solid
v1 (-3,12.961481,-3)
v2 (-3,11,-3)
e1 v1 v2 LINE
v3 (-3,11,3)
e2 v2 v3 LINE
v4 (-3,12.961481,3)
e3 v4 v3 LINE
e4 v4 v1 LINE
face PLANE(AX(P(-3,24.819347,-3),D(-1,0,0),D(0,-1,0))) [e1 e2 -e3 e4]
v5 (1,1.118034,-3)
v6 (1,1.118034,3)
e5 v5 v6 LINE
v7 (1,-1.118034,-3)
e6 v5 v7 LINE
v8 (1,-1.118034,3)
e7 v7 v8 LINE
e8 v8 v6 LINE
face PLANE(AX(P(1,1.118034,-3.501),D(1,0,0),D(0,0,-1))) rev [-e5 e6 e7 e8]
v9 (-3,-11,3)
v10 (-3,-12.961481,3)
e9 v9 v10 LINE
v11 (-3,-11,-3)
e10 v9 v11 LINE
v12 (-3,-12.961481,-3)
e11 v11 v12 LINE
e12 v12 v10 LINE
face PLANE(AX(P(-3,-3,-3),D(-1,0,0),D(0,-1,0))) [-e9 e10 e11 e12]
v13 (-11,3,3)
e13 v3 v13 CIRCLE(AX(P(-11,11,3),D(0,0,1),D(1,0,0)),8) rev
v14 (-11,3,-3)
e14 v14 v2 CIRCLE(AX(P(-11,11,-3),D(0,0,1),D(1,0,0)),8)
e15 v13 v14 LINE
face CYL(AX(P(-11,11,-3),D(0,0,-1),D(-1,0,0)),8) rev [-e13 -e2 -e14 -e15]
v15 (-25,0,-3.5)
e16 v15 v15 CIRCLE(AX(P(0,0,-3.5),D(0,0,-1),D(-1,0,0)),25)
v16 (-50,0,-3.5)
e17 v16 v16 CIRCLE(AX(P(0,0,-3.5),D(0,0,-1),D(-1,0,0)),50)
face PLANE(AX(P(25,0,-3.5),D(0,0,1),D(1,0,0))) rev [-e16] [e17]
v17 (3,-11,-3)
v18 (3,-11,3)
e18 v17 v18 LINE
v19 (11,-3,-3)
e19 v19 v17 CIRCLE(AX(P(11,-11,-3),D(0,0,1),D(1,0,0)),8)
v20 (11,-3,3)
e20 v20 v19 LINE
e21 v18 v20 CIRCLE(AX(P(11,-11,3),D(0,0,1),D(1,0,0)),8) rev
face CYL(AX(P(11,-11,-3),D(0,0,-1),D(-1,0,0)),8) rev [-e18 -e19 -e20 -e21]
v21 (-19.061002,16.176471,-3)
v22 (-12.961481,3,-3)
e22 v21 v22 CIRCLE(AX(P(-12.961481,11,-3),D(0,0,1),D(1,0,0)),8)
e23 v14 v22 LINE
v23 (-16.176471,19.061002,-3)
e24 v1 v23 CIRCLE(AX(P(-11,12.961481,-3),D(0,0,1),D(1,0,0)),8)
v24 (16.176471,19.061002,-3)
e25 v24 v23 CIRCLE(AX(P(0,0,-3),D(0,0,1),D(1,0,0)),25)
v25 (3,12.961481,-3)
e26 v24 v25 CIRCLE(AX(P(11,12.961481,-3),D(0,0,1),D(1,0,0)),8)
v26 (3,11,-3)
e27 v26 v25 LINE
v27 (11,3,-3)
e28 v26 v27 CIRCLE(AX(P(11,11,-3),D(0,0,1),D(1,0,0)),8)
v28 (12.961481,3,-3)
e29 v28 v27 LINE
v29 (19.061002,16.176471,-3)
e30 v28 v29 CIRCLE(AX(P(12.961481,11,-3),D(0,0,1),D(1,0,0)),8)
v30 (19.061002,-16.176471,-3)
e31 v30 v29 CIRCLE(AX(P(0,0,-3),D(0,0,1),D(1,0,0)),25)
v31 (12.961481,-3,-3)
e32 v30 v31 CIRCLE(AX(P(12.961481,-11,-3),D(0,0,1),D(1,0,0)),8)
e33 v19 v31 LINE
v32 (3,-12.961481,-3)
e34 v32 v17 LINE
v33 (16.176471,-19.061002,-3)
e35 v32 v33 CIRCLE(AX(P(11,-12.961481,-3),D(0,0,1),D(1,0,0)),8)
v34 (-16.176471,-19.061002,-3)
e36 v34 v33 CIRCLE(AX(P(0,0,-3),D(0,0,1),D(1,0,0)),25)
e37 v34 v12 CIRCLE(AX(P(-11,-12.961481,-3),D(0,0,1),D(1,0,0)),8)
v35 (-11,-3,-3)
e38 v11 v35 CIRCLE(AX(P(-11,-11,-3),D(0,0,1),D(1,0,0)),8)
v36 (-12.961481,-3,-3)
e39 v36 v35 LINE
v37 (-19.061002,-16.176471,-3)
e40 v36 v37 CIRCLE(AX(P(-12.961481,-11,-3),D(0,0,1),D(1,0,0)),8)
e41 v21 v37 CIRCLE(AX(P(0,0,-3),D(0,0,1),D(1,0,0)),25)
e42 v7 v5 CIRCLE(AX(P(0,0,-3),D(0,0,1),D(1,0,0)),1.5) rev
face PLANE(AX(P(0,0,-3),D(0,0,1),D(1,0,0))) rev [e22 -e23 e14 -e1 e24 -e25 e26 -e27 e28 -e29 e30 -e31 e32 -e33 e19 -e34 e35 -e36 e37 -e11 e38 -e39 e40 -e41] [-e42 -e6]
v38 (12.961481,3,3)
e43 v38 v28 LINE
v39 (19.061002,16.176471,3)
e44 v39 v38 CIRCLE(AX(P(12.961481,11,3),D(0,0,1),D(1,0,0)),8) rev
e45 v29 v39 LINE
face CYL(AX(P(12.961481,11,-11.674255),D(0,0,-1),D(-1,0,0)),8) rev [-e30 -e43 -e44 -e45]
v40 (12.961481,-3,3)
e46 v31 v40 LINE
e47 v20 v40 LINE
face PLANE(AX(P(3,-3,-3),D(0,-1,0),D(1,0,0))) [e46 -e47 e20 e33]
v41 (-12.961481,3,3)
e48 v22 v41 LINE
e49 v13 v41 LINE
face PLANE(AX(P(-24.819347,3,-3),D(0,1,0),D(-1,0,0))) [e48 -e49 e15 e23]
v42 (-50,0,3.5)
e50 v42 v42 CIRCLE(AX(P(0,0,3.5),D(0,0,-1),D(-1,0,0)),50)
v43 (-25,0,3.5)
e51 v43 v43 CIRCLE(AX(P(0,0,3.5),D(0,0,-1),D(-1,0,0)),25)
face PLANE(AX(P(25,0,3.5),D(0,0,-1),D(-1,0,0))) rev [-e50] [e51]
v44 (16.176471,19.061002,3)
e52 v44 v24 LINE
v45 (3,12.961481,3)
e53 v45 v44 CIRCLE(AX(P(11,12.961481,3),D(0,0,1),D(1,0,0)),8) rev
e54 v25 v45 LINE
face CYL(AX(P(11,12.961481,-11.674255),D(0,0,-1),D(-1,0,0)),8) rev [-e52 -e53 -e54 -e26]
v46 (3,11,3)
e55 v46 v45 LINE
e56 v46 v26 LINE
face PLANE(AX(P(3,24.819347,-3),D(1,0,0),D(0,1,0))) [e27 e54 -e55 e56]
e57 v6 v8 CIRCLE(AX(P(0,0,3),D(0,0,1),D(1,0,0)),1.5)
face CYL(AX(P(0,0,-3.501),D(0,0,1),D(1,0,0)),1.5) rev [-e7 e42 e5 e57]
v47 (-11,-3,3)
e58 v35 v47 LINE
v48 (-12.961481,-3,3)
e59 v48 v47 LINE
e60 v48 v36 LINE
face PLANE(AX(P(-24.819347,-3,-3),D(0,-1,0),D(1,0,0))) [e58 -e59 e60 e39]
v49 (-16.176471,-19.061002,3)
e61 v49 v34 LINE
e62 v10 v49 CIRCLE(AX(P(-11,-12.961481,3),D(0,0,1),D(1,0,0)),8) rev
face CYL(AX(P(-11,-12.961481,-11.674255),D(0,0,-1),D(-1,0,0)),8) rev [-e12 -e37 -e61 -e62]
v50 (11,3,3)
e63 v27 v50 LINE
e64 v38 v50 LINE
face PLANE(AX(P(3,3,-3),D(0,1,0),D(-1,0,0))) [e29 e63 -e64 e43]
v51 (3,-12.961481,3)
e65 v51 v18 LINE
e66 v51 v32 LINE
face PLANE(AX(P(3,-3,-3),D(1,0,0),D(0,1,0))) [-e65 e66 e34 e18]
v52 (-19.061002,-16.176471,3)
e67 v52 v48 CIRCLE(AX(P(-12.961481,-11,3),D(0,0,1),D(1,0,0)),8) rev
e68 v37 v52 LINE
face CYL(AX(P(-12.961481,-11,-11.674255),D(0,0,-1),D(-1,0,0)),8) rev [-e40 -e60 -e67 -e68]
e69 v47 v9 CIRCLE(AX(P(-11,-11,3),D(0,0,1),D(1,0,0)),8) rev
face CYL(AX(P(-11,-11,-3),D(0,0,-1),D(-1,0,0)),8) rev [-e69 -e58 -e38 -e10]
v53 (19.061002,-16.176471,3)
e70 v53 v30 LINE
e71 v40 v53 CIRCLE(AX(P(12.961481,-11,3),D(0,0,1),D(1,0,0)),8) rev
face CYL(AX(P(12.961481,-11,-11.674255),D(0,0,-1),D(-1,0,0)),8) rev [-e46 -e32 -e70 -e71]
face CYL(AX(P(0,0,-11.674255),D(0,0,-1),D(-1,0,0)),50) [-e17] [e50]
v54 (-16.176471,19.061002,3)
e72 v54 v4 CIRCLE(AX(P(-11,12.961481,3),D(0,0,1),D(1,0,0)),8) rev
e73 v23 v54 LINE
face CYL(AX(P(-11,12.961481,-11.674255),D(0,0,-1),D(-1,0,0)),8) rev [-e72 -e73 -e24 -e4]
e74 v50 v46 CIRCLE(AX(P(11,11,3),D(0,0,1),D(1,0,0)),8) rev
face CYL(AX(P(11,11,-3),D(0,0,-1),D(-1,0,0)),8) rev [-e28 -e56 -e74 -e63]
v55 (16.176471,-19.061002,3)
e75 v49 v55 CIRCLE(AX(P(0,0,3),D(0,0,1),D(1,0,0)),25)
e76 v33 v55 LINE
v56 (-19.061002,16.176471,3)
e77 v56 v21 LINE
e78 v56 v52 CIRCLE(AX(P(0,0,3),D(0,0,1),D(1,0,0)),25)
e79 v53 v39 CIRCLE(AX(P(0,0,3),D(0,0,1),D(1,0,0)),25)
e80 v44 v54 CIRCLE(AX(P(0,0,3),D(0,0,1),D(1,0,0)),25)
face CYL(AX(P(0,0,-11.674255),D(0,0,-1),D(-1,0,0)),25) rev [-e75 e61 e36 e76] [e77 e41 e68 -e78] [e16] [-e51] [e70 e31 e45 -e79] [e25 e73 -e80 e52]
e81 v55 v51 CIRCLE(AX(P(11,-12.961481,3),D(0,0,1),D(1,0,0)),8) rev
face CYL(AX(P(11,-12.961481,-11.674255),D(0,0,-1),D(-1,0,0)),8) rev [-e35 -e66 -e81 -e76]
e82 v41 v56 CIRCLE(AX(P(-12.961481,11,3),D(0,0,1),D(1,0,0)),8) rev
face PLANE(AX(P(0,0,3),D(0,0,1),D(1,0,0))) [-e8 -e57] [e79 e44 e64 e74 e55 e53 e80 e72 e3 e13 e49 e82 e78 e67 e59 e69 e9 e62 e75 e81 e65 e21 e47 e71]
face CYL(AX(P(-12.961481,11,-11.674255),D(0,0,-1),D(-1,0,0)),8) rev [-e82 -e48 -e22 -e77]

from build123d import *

# Parameters (mm, degrees)
SKETCH4_W                = 25
SKETCH4_H                = 7
BOSS_EXTRUDE3_DEPTH      = 3
BOSS_EXTRUDE3_DEPTH_BACK = 3
FILLET2_R                = 8
CUT_EXTRUDE1_REACH       = 73.009


with BuildPart() as part:
    # Sketch4 → Revolve2 (revolve)
    with BuildSketch(Plane(origin=(0, 0, 0), x_dir=(1, 0, 0), z_dir=(0, 1, 0)), mode=Mode.PRIVATE) as revolve2_sk:
        with Locations((37.5, 0)):
            Rectangle(SKETCH4_W, SKETCH4_H)
    revolve(revolve2_sk.sketch.rotate(Axis((0, 0, -11.674254949), (0, 0, 1)), 180), axis=Axis((0, 0, -11.674254949), (0, 0, 1)))

    # Sketch5 → Boss-Extrude3 (add, two sides: drawn at the far end of the back side and taken through both)
    with BuildSketch(Plane.XY.offset(-BOSS_EXTRUDE3_DEPTH_BACK)):
        with BuildLine():
            Line((-3, 24.819347292), (-3, 3))
            Line((-3, 3), (-24.819347292, 3))
            ThreePointArc((-24.819347292, 3), (-25, 0), (-24.819347292, -3))
            Line((-24.819347292, -3), (-3, -3))
            Line((-3, -3), (-3, -24.819347292))
            ThreePointArc((-3, -24.819347292), (0, -25), (3, -24.819347292))
            Line((3, -24.819347292), (3, -3))
            Line((3, -3), (24.819347292, -3))
            ThreePointArc((24.819347292, -3), (25, 0), (24.819347292, 3))
            Line((24.819347292, 3), (3, 3))
            Line((3, 3), (3, 24.819347292))
            ThreePointArc((3, 24.819347292), (0, 25), (-3, 24.819347292))
        make_face()
    extrude(amount=BOSS_EXTRUDE3_DEPTH + BOSS_EXTRUDE3_DEPTH_BACK)

    # Fillet2
    fillet2_edges = [part.edges().sort_by_distance(p)[0] for p in [
        (-3, 24.819347292, 0),
        (3, 24.819347292, 0),
        (3, 3, 0),
        (24.819347292, 3, 0),
        (24.819347292, -3, 0),
        (3, -3, 0),
        (3, -24.819347292, 0),
        (-3, -24.819347292, 0),
        (-3, -3, 0),
        (-24.819347292, -3, 0),
        (-24.819347292, 3, 0),
        (-3, 3, 0),
    ]]
    fillet(fillet2_edges, radius=FILLET2_R)

    # Sketch6 → Cut-Extrude1 (cut, up to next)
    with BuildSketch(Plane.XY.offset(3), mode=Mode.PRIVATE) as cut_extrude1_sk1:
        with BuildLine():
            Line((1, 1.118033989), (1, -1.118033989))
            ThreePointArc((1, -1.118033989), (-1.5, 0), (1, 1.118033989))
        make_face()
    cut_extrude1_tool1 = extrude(cut_extrude1_sk1.sketch, amount=-CUT_EXTRUDE1_REACH, mode=Mode.PRIVATE) & part.part
    add(cut_extrude1_tool1.solids().sort_by_distance((-0.148024, 0, 3))[0], mode=Mode.SUBTRACT)


solid = part.part
